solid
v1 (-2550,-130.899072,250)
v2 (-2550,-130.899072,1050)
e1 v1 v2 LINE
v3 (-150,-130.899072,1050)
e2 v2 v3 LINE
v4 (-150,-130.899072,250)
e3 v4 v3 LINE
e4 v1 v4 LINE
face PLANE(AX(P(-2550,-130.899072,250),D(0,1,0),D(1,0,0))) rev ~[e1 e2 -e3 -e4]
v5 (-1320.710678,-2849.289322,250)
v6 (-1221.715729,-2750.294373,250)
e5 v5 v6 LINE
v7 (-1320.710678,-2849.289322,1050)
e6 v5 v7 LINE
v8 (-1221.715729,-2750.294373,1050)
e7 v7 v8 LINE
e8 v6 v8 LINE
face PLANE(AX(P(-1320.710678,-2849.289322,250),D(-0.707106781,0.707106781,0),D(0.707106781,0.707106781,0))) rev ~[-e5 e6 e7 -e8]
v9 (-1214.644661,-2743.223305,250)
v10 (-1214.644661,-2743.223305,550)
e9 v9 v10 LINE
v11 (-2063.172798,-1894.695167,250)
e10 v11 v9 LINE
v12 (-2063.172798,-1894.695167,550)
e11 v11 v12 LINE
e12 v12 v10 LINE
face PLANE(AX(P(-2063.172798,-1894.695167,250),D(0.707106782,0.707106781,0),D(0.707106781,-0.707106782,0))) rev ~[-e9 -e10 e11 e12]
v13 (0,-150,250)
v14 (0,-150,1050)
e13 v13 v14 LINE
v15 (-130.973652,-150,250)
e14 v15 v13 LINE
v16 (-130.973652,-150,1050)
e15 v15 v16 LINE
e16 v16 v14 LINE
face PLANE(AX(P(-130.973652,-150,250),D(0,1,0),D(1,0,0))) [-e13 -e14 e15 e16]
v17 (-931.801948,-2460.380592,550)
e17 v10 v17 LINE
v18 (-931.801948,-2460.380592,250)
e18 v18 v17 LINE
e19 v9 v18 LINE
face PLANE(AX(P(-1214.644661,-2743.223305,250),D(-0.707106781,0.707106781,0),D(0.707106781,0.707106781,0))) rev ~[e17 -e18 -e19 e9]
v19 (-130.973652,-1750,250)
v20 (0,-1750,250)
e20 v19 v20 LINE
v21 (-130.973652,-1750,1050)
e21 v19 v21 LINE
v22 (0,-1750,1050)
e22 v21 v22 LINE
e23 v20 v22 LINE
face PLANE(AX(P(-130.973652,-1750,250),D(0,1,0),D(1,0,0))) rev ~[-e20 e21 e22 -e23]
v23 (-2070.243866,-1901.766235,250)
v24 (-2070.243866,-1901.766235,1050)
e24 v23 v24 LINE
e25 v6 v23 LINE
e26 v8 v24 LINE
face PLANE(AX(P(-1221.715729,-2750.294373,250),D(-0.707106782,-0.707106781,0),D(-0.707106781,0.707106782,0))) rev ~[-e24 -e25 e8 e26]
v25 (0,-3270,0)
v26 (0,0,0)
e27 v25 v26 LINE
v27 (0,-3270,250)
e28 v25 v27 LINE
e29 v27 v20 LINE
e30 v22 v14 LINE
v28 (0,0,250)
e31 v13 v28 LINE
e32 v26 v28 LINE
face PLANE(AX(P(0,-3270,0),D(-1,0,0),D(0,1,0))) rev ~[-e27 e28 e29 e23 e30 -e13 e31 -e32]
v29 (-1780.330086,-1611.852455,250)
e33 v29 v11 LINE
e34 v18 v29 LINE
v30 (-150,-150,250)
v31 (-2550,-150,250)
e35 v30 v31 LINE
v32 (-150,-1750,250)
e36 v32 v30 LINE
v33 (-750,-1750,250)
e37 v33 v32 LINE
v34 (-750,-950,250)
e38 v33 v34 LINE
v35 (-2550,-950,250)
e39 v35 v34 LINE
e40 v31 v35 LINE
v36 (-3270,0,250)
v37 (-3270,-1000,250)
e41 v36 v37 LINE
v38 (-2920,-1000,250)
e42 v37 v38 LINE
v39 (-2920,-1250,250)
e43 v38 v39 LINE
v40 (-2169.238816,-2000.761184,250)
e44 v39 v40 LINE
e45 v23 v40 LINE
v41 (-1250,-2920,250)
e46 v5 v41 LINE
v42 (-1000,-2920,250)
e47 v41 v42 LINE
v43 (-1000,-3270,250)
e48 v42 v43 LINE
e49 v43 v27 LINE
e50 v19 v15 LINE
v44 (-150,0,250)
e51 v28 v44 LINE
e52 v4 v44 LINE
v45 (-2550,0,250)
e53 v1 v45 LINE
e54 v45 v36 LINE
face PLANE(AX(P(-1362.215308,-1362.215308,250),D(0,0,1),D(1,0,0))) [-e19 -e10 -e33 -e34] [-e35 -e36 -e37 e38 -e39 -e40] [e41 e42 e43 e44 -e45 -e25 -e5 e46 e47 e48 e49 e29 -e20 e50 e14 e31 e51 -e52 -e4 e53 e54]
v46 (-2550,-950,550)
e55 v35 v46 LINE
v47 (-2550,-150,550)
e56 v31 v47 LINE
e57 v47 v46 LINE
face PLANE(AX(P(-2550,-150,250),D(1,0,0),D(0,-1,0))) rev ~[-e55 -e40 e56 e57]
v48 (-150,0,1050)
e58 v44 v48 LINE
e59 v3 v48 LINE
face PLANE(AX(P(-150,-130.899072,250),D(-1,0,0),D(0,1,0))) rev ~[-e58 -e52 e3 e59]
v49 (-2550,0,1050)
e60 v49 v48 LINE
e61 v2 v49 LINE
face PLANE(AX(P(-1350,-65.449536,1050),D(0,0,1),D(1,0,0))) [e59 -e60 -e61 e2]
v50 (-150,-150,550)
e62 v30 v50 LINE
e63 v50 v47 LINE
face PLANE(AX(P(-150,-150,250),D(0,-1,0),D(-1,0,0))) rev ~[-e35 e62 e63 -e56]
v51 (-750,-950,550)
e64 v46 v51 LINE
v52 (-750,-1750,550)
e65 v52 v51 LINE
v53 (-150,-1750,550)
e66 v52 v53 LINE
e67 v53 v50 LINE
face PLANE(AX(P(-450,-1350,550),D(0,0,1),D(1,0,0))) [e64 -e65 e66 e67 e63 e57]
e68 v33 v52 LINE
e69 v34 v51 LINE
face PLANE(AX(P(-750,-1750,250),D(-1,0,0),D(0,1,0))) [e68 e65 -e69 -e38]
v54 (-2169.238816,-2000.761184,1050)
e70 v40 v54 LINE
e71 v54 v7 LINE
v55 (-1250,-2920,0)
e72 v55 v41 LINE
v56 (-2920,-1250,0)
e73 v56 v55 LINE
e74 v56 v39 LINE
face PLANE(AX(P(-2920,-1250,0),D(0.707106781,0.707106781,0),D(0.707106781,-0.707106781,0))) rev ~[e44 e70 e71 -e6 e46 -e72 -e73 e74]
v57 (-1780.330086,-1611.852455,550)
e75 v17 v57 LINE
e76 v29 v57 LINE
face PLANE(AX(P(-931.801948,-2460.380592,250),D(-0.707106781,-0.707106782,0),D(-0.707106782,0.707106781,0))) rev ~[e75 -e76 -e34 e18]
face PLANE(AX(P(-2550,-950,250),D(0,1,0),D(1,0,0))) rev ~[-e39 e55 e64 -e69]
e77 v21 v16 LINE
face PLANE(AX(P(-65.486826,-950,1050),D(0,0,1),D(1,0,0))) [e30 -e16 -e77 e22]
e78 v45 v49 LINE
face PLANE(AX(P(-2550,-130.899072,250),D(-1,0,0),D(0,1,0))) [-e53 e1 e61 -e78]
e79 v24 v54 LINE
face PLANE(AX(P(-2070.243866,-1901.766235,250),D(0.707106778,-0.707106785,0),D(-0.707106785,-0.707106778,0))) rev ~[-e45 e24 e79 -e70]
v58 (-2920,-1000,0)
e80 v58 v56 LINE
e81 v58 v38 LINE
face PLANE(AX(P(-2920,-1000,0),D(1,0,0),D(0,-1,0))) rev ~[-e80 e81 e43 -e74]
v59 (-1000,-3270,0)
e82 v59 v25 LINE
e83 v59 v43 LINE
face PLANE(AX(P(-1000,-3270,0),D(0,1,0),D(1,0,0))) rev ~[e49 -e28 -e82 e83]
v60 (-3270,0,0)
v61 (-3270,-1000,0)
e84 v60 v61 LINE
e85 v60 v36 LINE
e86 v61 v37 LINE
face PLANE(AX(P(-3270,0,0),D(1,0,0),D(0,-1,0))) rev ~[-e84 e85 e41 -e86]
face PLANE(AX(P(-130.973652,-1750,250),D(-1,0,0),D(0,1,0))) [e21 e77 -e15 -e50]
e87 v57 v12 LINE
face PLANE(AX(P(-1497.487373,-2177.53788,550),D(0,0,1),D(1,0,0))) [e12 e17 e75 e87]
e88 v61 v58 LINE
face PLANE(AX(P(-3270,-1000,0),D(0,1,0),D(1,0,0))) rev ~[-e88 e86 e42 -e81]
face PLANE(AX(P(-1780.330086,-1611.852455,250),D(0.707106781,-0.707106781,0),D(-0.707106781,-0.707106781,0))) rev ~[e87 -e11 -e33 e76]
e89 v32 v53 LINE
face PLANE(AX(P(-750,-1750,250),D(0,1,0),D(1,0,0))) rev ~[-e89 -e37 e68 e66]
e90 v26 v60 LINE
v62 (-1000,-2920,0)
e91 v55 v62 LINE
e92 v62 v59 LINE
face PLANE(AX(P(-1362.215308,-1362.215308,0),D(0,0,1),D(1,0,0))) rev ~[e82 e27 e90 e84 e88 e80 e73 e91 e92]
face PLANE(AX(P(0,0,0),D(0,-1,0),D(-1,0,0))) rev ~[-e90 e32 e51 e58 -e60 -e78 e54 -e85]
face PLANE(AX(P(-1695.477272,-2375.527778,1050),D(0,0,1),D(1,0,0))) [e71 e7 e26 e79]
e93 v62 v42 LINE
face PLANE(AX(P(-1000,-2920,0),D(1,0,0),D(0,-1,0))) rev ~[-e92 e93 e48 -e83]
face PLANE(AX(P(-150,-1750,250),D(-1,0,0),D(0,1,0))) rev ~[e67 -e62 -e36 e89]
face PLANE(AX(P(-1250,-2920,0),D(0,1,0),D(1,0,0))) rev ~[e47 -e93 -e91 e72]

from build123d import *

# Parameters (mm, degrees)
F1_DEPTH = 250
F2_W     = 600
F2_H     = 800
F3_DEPTH = 300
F4_W     = 2400
F4_H     = 130.899072
F4_W_2   = 130.973652
F4_H_2   = 1600
F5_DEPTH = 800
F6_DEPTH = 800


with BuildPart() as f1:
    # F0 (on Top) → F1 (new body)
    with BuildSketch(Plane.XY):
        Polygon((0, -3270), (0, 0), (-3270, 0), (-3270, -1000), (-2920, -1000), (-2920, -1250), (-1250, -2920), (-1000, -2920), (-1000, -3270), align=None)
    extrude(amount=F1_DEPTH)

    # F2 (on face) → F3 (join)
    with BuildSketch(Plane.XY.offset(250)):
        Polygon((-931.801948, -2460.380592), (-1780.330086, -1611.852455), (-2063.172798, -1894.695167), (-1214.644661, -2743.223305), align=None)
        with Locations((-450, -1350)):
            Rectangle(F2_W, F2_H)
        Polygon((-750, -950), (-150, -950), (-150, -150), (-2550, -150), (-2550, -950), align=None)
    extrude(amount=F3_DEPTH)

    # F4 (on face) → F5 (join)
    with BuildSketch(Plane.XY.offset(250)):
        with Locations((-1350, -65.449536)):
            Rectangle(F4_W, F4_H)
        with Locations((-65.486826, -950)):
            Rectangle(F4_W_2, F4_H_2)
        Polygon((-1221.715729, -2750.294373), (-2070.243866, -1901.766235), (-2169.238816, -2000.761184), (-1320.710678, -2849.289322), align=None)
    extrude(amount=F5_DEPTH)

    # F4 (on face) → F6 (join)
    with BuildSketch(Plane.XY.offset(250)):
        with Locations((-1350, -65.449536)):
            Rectangle(F4_W, F4_H)
        with Locations((-65.486826, -950)):
            Rectangle(F4_W_2, F4_H_2)
        Polygon((-1221.715729, -2750.294373), (-2070.243866, -1901.766235), (-2169.238816, -2000.761184), (-1320.710678, -2849.289322), align=None)
    extrude(amount=F6_DEPTH)


solid = f1.part
